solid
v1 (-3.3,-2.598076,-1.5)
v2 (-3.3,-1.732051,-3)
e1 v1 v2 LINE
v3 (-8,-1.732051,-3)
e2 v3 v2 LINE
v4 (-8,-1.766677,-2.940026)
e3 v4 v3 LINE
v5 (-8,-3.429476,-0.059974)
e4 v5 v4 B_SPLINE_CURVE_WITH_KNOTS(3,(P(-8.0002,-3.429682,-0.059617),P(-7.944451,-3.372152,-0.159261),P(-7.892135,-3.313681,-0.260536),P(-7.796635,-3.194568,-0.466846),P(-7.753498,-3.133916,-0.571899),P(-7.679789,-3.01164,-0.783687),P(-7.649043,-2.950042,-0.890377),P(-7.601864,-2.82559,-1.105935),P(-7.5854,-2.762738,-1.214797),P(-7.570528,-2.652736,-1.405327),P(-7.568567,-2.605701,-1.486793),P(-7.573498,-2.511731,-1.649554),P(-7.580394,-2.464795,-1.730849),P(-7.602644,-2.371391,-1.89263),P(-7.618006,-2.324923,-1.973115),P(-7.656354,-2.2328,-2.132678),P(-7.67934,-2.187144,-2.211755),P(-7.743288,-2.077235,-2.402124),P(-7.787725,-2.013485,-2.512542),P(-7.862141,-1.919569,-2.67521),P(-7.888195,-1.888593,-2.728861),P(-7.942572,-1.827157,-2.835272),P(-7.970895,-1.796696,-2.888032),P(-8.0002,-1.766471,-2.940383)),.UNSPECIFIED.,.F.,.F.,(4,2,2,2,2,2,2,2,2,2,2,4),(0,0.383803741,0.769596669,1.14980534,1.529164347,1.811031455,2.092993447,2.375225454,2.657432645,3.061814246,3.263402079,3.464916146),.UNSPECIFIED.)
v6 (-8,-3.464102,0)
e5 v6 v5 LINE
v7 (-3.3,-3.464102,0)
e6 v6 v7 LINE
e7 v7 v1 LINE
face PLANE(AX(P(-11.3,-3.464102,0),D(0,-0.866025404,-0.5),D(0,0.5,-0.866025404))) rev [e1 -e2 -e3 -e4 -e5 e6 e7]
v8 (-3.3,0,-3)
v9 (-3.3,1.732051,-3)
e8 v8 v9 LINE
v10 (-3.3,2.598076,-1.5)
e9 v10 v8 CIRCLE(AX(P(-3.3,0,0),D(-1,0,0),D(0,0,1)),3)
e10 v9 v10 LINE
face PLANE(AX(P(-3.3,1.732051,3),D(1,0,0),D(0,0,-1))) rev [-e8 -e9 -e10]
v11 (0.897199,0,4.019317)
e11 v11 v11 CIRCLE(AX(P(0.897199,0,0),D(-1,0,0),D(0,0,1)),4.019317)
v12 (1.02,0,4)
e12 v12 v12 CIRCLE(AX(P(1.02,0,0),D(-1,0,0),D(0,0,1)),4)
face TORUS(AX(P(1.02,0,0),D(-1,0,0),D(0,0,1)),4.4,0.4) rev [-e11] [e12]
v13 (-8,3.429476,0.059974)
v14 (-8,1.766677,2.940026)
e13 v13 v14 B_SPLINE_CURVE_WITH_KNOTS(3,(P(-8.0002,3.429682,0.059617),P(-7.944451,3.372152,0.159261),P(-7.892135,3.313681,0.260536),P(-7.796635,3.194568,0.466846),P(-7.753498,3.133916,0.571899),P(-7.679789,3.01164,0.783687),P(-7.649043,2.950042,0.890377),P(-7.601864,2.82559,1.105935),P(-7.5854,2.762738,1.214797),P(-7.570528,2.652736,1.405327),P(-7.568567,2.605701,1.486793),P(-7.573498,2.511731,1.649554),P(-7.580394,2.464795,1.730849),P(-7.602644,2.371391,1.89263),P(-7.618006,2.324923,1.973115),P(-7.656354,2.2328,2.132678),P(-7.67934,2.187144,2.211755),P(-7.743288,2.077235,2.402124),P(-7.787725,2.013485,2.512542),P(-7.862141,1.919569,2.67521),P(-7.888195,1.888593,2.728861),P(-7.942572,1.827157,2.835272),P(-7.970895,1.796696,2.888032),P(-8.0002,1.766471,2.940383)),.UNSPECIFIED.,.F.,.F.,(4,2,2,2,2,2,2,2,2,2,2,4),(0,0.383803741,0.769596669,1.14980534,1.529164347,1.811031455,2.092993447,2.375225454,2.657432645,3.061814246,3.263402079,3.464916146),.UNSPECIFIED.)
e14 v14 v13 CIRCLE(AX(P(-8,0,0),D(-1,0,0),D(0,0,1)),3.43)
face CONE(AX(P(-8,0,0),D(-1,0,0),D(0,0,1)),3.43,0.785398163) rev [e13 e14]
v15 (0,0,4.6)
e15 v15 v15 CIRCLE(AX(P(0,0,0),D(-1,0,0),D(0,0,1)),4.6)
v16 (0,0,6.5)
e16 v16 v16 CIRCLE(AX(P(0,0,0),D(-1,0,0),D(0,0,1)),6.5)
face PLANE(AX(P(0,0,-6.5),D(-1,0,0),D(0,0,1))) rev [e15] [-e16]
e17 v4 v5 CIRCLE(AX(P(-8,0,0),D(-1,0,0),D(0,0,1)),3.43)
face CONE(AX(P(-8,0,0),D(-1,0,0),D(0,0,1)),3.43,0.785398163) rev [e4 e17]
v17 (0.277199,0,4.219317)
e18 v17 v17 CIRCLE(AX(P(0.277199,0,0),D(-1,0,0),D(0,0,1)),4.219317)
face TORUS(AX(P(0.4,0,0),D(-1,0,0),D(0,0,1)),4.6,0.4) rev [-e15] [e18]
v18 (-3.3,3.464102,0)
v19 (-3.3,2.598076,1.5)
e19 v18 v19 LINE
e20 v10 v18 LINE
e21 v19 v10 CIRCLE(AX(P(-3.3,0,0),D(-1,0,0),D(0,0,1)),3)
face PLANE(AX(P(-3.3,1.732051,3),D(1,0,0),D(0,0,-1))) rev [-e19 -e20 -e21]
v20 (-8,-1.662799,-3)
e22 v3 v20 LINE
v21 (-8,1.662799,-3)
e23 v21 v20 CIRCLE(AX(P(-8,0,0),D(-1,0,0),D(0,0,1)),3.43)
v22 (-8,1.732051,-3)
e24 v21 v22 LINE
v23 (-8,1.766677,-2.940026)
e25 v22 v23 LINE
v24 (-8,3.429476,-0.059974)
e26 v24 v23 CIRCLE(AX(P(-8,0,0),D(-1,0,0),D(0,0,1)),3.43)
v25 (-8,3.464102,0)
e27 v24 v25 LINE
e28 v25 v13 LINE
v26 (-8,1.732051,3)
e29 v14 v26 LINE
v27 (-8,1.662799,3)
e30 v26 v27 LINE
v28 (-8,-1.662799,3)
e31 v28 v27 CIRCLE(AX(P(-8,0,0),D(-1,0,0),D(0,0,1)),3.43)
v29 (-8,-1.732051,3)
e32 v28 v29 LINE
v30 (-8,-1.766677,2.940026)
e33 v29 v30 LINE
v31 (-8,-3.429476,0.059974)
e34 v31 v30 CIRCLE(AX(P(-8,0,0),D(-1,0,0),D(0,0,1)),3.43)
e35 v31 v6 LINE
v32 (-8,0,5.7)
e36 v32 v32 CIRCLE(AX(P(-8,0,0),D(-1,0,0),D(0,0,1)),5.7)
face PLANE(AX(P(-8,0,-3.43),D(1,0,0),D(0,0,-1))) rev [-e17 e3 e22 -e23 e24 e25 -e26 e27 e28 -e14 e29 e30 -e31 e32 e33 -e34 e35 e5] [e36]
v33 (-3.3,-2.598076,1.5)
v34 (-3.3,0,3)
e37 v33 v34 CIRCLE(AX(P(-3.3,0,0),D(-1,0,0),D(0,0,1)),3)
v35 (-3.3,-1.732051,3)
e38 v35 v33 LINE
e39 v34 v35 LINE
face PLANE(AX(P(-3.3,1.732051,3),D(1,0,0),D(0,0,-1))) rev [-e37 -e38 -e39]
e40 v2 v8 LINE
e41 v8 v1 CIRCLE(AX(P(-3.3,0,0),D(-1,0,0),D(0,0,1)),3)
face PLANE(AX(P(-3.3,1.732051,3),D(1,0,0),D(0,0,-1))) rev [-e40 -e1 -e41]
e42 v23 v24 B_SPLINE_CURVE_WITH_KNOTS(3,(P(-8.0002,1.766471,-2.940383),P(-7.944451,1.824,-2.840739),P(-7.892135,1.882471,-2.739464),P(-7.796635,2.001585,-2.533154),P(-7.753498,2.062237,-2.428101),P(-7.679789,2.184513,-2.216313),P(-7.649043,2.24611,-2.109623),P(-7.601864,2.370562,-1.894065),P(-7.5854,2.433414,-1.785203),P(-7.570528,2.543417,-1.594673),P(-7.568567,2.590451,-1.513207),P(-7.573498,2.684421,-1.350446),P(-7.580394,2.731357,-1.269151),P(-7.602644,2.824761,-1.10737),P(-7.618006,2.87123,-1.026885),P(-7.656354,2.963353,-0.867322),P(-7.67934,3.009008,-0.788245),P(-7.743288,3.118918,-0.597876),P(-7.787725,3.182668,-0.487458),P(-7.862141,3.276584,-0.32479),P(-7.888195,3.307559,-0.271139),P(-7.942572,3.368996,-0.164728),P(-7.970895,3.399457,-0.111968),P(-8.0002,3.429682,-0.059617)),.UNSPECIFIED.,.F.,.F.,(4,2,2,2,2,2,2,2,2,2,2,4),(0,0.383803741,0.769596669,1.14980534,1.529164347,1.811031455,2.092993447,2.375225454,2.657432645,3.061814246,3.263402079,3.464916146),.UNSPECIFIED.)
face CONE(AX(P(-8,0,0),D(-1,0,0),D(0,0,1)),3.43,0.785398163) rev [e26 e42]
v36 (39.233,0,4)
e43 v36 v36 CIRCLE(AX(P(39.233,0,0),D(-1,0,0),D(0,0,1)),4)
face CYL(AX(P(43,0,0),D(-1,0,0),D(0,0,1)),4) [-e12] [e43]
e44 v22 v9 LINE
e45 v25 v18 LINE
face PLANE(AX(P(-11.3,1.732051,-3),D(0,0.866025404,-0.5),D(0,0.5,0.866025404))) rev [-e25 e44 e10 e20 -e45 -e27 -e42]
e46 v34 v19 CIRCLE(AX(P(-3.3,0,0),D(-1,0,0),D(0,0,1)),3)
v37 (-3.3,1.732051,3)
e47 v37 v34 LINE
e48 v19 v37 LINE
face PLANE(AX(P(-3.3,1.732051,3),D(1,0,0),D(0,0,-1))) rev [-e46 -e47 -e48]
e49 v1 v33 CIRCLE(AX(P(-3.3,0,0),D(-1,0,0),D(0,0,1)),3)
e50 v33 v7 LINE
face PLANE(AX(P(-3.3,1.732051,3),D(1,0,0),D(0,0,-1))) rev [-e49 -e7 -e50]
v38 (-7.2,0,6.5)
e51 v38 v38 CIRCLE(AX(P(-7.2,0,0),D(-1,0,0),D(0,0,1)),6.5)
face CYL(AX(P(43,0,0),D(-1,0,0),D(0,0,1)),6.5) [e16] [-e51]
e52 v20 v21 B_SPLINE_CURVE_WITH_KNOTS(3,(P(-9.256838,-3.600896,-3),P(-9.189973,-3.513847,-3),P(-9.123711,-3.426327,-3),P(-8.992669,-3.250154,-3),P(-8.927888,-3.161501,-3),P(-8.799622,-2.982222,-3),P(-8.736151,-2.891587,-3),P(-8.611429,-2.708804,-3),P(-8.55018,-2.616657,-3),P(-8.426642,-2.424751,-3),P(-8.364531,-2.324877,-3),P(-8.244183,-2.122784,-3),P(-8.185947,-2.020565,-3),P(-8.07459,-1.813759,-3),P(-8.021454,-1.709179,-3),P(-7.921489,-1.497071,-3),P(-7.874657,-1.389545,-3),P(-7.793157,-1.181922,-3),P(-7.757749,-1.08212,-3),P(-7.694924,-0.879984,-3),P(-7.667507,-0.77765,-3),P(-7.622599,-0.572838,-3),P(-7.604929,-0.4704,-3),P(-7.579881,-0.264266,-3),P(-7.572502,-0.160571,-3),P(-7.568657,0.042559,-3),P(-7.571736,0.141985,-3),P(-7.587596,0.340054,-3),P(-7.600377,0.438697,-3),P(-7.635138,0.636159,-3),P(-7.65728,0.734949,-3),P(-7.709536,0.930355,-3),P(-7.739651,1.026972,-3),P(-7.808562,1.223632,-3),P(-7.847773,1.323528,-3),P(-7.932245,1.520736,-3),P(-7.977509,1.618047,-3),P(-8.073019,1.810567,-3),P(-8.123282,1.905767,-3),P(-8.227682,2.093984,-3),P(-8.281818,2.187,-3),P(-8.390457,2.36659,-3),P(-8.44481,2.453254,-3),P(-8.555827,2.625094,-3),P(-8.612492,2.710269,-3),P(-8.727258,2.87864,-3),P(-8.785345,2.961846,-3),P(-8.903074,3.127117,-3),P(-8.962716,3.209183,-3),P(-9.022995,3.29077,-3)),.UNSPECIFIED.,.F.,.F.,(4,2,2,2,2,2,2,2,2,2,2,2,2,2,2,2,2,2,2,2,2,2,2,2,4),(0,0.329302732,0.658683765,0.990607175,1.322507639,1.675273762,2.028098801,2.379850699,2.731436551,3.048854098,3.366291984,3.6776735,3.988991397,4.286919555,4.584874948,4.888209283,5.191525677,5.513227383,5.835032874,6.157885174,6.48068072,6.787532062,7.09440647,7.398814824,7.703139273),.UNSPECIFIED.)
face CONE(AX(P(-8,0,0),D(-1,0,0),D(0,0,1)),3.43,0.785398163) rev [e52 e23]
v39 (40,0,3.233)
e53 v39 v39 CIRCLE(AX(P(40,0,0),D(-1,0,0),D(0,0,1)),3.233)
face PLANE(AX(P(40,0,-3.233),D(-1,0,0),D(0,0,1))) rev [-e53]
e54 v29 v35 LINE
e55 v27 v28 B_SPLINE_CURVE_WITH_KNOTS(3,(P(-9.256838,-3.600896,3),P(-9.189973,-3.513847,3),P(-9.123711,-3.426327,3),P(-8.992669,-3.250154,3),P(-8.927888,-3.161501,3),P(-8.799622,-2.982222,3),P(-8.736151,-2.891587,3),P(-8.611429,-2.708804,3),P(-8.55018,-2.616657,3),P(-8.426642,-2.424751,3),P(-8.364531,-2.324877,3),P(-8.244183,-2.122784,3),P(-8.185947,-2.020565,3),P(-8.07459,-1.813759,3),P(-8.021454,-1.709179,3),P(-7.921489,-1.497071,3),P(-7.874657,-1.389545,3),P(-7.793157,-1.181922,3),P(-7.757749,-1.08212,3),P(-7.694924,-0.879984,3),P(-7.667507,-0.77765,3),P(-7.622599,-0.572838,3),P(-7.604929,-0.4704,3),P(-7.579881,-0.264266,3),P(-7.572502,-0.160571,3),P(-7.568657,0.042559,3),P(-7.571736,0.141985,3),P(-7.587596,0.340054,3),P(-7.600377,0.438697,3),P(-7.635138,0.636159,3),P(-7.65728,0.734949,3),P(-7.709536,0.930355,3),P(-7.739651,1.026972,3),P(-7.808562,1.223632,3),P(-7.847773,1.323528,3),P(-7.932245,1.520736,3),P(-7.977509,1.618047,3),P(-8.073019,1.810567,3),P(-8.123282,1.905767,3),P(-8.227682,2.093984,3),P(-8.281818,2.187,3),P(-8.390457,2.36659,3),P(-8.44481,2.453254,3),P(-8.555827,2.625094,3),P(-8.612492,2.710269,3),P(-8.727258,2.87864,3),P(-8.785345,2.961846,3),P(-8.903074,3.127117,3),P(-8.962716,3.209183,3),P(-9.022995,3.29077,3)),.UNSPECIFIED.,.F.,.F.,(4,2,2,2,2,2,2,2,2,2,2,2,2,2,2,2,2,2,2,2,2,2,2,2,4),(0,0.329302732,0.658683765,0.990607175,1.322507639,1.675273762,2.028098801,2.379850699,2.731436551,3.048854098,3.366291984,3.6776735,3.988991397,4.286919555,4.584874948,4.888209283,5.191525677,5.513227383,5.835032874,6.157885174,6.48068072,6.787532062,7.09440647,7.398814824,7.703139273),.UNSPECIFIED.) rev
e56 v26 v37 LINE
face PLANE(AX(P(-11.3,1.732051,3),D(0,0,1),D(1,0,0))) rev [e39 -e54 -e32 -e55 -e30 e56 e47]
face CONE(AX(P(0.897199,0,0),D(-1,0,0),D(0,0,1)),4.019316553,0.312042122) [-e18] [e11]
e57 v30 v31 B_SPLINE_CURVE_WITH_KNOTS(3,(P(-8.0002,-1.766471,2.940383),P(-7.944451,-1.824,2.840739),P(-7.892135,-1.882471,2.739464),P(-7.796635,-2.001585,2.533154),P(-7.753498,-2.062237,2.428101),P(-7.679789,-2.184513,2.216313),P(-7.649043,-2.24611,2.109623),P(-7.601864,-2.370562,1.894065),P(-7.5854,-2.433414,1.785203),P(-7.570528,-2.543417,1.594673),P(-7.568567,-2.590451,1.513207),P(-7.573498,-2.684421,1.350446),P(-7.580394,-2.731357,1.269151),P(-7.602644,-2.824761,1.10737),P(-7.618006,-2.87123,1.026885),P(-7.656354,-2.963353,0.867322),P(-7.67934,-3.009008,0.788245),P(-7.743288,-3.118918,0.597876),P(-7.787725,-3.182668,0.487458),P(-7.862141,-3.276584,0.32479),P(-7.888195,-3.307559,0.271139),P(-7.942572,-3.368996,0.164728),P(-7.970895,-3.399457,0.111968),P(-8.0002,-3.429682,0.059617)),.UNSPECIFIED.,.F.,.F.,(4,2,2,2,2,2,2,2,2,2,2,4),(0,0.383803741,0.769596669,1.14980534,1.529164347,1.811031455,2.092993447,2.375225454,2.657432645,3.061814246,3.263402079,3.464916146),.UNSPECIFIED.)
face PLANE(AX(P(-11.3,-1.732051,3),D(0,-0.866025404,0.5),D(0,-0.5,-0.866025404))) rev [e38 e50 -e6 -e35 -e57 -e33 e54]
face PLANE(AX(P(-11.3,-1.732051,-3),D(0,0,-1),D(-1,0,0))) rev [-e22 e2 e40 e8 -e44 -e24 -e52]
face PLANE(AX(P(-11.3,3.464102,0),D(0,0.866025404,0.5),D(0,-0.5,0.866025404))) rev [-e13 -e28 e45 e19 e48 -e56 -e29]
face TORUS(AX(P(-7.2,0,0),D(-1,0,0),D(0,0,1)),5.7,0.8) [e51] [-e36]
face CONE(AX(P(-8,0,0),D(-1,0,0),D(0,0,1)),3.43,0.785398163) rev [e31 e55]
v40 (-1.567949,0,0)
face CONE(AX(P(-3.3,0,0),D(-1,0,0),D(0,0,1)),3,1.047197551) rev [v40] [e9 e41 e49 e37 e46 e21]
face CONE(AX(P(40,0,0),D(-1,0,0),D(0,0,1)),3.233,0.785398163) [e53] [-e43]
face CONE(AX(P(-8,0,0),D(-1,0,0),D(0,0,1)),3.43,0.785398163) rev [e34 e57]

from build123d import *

# Parameters (mm, degrees)
ENL_V_MAT_EXTRU_1_DEPTH = 8
ESQUISSE3_R             = 4.875
BOSS_EXTRU_1_DEPTH      = 4.161898962


with BuildPart() as part:
    # Esquisse1 → Révolution1 (revolve)
    with BuildSketch(Plane(origin=(0, 0, 0), x_dir=(1, 0, 0), z_dir=(0, 1, 0)), mode=Mode.PRIVATE) as r_volution1_sk:
        with BuildLine():
            Line((-1.567949192, 0), (-3.3, 3))
            Line((-3.3, 3), (-7.57, 3))
            Line((-7.57, 3), (-8, 3.43))
            Line((-8, 3.43), (-8, 5.7))
            ThreePointArc((-8, 5.7), (-7.765685425, 6.265685425), (-7.2, 6.5))
            Line((-7.2, 6.5), (0, 6.5))
            Line((0, 6.5), (0, 4.6))
            ThreePointArc((0, 4.6), (0.076642269, 4.36454347), (0.277198888, 4.219316553))
            Line((0.277198888, 4.219316553), (0.897198888, 4.019316553))
            ThreePointArc((0.897198888, 4.019316553), (0.957844465, 4.004858646), (1.02, 4))
            Line((1.02, 4), (39.233, 4))
            Line((39.233, 4), (40, 3.233))
            Line((40, 3.233), (40, 0))
            Line((40, 0), (-1.567949192, 0))
        make_face()
    revolve(r_volution1_sk.sketch.rotate(Axis((43, 0, 0), (-1, 0, 0)), 180), axis=Axis((43, 0, 0), (-1, 0, 0)))

    # Esquisse2 → Enlèv. mat.-Extru.1 (cut)
    with BuildSketch(Plane(origin=(-3.3, 0, 0), x_dir=(0, 0, -1), z_dir=(1, 0, 0))):
        Polygon((-3, 1.732050808), (-3, -1.732050808), (0, -3.464101615), (3, -1.732050808), (3, 1.732050808), (0, 3.464101615), align=None)
    extrude(amount=-ENL_V_MAT_EXTRU_1_DEPTH, mode=Mode.SUBTRACT)


with BuildPart() as body_2:
    # Esquisse3 → Boss.-Extru.1 (new body)
    with BuildSketch(Plane(origin=(0, 0, 0), x_dir=(0, 0, -1), z_dir=(1, 0, 0))):
        Circle(ESQUISSE3_R)
    extrude(amount=-BOSS_EXTRU_1_DEPTH)

    # SupprimerFace1: 1 face struck out; the rest of the skin is kept as a surface, the solid goes
    supprimerface1_1_drop = [body_2.part.faces().sort_by_distance(Vector(p))[0] for p in ((-4.161898962, 0, 0),)]
    supprimerface1_1 = Shell(body_2.part.faces() - supprimerface1_1_drop)


solid = part.part
